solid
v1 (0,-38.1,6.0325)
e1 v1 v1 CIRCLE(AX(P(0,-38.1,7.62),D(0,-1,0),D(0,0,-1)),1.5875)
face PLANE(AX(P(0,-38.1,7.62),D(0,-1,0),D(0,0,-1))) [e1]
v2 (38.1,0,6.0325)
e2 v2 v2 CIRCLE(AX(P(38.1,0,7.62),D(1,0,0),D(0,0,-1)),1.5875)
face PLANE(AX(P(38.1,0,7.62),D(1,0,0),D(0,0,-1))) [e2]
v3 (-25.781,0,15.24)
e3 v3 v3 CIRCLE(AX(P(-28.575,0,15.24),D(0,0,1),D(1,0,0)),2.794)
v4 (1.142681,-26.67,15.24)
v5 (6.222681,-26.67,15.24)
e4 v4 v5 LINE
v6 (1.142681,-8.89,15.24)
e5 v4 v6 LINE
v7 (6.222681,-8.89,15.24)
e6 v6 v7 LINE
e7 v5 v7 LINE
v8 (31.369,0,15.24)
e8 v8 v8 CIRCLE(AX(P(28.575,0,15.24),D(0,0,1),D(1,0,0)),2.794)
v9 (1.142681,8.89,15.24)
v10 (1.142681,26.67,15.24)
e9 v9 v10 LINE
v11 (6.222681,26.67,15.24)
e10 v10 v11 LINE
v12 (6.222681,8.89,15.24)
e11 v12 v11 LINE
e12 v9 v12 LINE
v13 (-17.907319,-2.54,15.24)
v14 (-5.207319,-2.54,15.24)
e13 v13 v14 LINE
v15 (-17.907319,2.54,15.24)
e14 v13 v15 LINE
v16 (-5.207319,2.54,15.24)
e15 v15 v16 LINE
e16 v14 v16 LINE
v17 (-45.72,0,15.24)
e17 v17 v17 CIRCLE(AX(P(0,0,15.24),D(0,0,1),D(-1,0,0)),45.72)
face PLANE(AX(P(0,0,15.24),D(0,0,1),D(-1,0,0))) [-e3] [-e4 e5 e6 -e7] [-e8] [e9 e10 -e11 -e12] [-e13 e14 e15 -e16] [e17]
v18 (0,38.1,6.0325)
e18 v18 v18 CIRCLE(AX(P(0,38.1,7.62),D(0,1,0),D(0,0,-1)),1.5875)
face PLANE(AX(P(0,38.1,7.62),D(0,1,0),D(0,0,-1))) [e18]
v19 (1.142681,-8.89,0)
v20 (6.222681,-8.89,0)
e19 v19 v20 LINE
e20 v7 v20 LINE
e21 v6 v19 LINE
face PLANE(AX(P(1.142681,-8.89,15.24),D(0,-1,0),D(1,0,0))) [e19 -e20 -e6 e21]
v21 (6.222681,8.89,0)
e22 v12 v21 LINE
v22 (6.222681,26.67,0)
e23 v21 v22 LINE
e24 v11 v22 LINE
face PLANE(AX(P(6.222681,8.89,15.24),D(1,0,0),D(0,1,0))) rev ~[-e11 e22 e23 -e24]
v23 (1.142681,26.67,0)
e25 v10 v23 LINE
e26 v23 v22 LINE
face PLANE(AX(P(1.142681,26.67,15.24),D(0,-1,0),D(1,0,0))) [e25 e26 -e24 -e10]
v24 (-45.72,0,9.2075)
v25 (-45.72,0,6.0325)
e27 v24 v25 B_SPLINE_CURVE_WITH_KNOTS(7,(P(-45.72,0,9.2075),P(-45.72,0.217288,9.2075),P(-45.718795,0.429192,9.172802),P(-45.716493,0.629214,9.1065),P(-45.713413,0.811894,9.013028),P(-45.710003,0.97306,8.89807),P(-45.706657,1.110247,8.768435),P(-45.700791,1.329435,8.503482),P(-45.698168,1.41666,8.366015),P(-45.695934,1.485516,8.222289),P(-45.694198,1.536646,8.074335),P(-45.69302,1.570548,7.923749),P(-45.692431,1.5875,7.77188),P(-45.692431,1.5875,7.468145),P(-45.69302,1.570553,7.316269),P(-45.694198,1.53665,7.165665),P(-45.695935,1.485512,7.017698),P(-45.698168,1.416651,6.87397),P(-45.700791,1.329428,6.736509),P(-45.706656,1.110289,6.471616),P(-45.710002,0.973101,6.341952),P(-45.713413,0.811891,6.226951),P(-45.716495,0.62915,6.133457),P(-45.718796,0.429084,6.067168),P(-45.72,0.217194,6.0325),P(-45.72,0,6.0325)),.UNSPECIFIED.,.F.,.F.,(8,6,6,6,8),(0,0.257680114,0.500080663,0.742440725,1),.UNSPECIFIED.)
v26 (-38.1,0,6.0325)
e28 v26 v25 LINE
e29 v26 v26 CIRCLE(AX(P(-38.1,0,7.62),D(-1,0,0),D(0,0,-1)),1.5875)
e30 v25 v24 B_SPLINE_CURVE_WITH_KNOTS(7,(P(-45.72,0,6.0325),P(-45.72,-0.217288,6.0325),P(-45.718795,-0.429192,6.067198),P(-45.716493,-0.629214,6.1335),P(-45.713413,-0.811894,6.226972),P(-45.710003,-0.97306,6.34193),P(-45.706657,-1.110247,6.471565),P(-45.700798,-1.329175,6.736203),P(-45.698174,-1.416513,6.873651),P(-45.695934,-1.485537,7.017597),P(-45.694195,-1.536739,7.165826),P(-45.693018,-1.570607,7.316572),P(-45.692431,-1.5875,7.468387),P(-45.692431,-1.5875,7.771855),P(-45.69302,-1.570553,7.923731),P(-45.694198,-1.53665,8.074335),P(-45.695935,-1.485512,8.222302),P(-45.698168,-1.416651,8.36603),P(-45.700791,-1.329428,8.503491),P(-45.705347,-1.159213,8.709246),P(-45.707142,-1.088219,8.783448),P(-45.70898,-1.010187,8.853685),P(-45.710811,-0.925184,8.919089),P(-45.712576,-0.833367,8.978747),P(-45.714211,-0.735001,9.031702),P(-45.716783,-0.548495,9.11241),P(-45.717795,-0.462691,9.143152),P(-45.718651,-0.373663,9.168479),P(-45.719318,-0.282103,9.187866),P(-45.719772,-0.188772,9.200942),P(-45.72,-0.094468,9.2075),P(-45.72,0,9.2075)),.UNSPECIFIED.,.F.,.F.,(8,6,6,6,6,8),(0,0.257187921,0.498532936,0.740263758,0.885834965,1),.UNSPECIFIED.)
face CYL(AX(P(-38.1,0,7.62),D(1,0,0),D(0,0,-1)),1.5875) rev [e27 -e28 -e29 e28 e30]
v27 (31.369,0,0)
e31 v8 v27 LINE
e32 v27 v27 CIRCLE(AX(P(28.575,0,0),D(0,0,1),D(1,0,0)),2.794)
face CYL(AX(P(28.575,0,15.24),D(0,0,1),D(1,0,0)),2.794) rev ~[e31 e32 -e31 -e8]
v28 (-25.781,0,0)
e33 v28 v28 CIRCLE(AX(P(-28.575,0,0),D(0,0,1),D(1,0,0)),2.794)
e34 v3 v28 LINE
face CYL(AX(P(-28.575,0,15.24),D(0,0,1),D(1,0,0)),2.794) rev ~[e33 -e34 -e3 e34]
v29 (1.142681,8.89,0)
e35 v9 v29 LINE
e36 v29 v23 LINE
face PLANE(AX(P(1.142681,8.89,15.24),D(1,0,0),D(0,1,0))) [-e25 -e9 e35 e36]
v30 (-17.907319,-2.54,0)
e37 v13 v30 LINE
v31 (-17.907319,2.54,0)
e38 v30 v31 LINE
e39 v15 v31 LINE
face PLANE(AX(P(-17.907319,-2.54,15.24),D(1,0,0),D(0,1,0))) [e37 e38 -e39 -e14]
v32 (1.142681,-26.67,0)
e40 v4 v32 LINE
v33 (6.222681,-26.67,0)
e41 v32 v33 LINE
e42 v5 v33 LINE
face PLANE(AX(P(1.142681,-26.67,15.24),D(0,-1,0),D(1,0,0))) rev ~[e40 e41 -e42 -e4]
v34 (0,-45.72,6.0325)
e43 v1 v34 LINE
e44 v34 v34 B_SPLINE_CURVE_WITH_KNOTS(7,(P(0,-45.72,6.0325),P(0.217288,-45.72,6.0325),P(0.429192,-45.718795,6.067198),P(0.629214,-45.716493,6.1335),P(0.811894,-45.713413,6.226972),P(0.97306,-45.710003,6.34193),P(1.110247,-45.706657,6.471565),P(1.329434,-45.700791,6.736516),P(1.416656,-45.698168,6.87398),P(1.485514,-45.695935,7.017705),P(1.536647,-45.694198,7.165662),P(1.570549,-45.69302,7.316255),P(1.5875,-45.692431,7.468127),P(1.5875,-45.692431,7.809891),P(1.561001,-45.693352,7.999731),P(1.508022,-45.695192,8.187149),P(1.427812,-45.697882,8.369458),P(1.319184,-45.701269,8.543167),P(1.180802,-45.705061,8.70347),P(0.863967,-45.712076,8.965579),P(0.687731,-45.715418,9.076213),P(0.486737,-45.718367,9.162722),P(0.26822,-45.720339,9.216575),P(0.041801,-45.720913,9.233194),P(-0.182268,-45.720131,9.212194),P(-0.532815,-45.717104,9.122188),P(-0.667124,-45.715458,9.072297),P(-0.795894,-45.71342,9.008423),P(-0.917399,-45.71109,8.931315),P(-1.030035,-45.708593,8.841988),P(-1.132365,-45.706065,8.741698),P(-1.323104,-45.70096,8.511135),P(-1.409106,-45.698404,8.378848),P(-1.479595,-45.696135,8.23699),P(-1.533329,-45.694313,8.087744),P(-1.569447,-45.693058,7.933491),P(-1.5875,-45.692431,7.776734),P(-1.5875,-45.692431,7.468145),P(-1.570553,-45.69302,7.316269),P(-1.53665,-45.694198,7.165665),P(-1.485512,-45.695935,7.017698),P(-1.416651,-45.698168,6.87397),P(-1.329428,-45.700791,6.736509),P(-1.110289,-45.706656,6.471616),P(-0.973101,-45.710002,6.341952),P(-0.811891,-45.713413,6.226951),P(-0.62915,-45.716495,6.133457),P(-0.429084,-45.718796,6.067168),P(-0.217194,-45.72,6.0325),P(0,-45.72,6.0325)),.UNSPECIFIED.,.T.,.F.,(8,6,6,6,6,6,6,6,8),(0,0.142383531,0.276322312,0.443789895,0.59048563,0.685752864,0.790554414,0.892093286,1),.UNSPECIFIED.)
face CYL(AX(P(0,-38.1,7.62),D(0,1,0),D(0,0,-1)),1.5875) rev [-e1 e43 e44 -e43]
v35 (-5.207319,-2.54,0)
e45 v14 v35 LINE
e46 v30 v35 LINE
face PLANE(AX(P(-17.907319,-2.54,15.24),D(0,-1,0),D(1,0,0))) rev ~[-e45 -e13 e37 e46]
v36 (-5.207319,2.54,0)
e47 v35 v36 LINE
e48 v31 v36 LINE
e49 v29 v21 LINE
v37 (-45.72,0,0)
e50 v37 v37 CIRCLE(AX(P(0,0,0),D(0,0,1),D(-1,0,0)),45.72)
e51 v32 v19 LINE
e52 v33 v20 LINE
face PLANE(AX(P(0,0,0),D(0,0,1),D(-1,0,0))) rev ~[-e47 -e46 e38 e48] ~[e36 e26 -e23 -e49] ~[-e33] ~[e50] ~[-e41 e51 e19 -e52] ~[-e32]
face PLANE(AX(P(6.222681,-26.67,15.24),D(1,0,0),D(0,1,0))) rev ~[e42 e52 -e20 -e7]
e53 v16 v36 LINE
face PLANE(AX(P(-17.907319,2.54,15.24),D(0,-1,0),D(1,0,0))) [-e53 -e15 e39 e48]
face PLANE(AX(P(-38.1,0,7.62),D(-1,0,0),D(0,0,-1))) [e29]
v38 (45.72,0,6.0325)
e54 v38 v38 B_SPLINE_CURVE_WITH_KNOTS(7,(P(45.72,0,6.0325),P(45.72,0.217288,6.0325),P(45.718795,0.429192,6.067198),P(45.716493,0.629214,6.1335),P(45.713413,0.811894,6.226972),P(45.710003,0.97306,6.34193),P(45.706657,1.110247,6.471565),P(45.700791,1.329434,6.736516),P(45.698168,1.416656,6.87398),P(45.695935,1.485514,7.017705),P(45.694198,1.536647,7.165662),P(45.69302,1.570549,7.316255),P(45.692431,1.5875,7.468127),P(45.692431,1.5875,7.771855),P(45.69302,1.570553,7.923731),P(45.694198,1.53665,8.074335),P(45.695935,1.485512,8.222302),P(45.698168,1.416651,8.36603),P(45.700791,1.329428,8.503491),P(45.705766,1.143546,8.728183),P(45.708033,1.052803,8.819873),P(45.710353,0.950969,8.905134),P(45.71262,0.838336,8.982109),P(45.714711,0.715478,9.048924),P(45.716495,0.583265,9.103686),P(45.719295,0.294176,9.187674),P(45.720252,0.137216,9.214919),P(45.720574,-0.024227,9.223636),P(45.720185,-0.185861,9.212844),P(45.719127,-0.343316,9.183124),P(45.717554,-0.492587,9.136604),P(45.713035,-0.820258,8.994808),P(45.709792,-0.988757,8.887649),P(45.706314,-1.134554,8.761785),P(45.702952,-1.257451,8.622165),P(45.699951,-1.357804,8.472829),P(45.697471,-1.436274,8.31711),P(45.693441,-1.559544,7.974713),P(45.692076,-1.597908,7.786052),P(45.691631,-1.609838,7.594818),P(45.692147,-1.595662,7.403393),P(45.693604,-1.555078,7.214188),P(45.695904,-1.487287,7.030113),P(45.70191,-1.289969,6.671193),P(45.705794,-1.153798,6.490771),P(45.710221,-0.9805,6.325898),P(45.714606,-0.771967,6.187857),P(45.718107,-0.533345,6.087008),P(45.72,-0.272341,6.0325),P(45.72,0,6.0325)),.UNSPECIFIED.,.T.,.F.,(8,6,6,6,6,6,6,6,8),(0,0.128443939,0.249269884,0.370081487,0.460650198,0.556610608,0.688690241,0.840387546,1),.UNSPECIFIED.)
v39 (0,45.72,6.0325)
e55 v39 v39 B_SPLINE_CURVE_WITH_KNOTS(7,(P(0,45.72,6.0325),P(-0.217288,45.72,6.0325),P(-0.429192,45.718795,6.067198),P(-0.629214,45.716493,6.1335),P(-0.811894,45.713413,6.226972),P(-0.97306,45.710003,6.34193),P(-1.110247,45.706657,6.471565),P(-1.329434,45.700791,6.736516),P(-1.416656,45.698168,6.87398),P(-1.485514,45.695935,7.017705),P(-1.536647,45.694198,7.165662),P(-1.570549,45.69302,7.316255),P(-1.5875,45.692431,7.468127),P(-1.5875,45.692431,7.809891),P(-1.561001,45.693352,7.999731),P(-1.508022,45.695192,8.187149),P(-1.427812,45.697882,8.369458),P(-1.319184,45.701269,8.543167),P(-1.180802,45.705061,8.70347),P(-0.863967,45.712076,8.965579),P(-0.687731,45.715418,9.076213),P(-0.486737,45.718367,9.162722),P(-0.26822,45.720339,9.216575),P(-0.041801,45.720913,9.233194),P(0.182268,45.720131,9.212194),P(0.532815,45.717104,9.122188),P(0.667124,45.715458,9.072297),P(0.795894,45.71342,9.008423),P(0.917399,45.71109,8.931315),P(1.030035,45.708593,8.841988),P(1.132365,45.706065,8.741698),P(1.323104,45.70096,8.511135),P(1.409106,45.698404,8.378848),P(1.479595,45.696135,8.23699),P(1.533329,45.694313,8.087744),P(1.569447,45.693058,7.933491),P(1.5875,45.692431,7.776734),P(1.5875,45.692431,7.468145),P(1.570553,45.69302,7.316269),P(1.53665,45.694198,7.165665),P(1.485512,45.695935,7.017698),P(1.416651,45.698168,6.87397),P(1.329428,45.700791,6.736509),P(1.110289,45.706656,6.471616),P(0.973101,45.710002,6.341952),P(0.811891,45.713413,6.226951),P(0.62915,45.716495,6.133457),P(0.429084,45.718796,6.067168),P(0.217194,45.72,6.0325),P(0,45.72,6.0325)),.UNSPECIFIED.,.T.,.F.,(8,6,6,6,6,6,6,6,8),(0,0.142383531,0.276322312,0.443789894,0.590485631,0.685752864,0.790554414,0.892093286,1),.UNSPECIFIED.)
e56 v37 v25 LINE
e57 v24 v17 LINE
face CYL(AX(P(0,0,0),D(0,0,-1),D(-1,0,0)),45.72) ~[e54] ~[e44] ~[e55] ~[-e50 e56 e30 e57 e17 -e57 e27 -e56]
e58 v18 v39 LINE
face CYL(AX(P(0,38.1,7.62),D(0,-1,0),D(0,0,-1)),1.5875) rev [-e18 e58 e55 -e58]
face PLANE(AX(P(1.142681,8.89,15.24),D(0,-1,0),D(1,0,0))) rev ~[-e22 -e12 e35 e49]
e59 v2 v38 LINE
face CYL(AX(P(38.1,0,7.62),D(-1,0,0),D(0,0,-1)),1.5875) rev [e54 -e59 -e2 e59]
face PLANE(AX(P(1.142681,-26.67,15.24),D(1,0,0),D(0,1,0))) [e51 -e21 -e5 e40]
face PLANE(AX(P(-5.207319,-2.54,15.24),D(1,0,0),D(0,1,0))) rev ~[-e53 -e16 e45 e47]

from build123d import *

# Parameters (mm, degrees)
SKETCH1_R           = 45.72
BOSS_EXTRUDE1_DEPTH = 15.24
SKETCH2_R           = 2.794
CUT_EXTRUDE1_DEPTH  = 67.4296199
CUT_EXTRUDE2_START  = 38.1
SKETCH3_R           = 1.5875
CUT_EXTRUDE2_DEPTH  = 15.24
CIRPATTERN1_COUNT   = 4
SKETCH4_W           = 5.08
SKETCH4_H           = 17.78
SKETCH4_W_2         = 12.7
SKETCH4_H_2         = 5.08
CUT_EXTRUDE3_DEPTH  = 67.429620068


with BuildPart() as part:
    # Sketch1 → Boss-Extrude1 (new body)
    with BuildSketch(Plane.XY):
        Circle(SKETCH1_R)
    extrude(amount=BOSS_EXTRUDE1_DEPTH)

    # Sketch2 → Cut-Extrude1 (cut, through all)
    with BuildSketch(Plane.XY.offset(15.24)):
        with Locations((-28.575, 0)):
            Circle(SKETCH2_R)
        with Locations((28.575, 0)):
            Circle(SKETCH2_R)
    extrude(amount=-CUT_EXTRUDE1_DEPTH, mode=Mode.SUBTRACT)

    # Sketch3 → Cut-Extrude2 (cut)
    with BuildSketch(Plane(origin=(0, 0, 0), x_dir=(1, 0, 0), z_dir=(0, 1, 0)).offset(CUT_EXTRUDE2_START)):
        with Locations((0, -7.62)):
            Circle(SKETCH3_R)
    cut_extrude2 = extrude(amount=CUT_EXTRUDE2_DEPTH, mode=Mode.SUBTRACT)

    # CirPattern1: Cut-Extrude2 ×4 about axis
    cirpattern1_axis = Axis((0, 0, 15.24), (0, 0, -1))
    for i in range(1, CIRPATTERN1_COUNT):
        add(cut_extrude2.rotate(cirpattern1_axis, i * 360 / CIRPATTERN1_COUNT), mode=Mode.SUBTRACT)

    # Sketch4 → Cut-Extrude3 (cut, through all)
    with BuildSketch(Plane.XY.offset(15.24)):
        with Locations((3.682680903, 17.78)):
            Rectangle(SKETCH4_W, SKETCH4_H)
        with Locations((3.682680903, -17.78)):
            Rectangle(SKETCH4_W, SKETCH4_H)
        with Locations((-11.557319097, 0)):
            Rectangle(SKETCH4_W_2, SKETCH4_H_2)
    extrude(amount=-CUT_EXTRUDE3_DEPTH, mode=Mode.SUBTRACT)


solid = part.part
